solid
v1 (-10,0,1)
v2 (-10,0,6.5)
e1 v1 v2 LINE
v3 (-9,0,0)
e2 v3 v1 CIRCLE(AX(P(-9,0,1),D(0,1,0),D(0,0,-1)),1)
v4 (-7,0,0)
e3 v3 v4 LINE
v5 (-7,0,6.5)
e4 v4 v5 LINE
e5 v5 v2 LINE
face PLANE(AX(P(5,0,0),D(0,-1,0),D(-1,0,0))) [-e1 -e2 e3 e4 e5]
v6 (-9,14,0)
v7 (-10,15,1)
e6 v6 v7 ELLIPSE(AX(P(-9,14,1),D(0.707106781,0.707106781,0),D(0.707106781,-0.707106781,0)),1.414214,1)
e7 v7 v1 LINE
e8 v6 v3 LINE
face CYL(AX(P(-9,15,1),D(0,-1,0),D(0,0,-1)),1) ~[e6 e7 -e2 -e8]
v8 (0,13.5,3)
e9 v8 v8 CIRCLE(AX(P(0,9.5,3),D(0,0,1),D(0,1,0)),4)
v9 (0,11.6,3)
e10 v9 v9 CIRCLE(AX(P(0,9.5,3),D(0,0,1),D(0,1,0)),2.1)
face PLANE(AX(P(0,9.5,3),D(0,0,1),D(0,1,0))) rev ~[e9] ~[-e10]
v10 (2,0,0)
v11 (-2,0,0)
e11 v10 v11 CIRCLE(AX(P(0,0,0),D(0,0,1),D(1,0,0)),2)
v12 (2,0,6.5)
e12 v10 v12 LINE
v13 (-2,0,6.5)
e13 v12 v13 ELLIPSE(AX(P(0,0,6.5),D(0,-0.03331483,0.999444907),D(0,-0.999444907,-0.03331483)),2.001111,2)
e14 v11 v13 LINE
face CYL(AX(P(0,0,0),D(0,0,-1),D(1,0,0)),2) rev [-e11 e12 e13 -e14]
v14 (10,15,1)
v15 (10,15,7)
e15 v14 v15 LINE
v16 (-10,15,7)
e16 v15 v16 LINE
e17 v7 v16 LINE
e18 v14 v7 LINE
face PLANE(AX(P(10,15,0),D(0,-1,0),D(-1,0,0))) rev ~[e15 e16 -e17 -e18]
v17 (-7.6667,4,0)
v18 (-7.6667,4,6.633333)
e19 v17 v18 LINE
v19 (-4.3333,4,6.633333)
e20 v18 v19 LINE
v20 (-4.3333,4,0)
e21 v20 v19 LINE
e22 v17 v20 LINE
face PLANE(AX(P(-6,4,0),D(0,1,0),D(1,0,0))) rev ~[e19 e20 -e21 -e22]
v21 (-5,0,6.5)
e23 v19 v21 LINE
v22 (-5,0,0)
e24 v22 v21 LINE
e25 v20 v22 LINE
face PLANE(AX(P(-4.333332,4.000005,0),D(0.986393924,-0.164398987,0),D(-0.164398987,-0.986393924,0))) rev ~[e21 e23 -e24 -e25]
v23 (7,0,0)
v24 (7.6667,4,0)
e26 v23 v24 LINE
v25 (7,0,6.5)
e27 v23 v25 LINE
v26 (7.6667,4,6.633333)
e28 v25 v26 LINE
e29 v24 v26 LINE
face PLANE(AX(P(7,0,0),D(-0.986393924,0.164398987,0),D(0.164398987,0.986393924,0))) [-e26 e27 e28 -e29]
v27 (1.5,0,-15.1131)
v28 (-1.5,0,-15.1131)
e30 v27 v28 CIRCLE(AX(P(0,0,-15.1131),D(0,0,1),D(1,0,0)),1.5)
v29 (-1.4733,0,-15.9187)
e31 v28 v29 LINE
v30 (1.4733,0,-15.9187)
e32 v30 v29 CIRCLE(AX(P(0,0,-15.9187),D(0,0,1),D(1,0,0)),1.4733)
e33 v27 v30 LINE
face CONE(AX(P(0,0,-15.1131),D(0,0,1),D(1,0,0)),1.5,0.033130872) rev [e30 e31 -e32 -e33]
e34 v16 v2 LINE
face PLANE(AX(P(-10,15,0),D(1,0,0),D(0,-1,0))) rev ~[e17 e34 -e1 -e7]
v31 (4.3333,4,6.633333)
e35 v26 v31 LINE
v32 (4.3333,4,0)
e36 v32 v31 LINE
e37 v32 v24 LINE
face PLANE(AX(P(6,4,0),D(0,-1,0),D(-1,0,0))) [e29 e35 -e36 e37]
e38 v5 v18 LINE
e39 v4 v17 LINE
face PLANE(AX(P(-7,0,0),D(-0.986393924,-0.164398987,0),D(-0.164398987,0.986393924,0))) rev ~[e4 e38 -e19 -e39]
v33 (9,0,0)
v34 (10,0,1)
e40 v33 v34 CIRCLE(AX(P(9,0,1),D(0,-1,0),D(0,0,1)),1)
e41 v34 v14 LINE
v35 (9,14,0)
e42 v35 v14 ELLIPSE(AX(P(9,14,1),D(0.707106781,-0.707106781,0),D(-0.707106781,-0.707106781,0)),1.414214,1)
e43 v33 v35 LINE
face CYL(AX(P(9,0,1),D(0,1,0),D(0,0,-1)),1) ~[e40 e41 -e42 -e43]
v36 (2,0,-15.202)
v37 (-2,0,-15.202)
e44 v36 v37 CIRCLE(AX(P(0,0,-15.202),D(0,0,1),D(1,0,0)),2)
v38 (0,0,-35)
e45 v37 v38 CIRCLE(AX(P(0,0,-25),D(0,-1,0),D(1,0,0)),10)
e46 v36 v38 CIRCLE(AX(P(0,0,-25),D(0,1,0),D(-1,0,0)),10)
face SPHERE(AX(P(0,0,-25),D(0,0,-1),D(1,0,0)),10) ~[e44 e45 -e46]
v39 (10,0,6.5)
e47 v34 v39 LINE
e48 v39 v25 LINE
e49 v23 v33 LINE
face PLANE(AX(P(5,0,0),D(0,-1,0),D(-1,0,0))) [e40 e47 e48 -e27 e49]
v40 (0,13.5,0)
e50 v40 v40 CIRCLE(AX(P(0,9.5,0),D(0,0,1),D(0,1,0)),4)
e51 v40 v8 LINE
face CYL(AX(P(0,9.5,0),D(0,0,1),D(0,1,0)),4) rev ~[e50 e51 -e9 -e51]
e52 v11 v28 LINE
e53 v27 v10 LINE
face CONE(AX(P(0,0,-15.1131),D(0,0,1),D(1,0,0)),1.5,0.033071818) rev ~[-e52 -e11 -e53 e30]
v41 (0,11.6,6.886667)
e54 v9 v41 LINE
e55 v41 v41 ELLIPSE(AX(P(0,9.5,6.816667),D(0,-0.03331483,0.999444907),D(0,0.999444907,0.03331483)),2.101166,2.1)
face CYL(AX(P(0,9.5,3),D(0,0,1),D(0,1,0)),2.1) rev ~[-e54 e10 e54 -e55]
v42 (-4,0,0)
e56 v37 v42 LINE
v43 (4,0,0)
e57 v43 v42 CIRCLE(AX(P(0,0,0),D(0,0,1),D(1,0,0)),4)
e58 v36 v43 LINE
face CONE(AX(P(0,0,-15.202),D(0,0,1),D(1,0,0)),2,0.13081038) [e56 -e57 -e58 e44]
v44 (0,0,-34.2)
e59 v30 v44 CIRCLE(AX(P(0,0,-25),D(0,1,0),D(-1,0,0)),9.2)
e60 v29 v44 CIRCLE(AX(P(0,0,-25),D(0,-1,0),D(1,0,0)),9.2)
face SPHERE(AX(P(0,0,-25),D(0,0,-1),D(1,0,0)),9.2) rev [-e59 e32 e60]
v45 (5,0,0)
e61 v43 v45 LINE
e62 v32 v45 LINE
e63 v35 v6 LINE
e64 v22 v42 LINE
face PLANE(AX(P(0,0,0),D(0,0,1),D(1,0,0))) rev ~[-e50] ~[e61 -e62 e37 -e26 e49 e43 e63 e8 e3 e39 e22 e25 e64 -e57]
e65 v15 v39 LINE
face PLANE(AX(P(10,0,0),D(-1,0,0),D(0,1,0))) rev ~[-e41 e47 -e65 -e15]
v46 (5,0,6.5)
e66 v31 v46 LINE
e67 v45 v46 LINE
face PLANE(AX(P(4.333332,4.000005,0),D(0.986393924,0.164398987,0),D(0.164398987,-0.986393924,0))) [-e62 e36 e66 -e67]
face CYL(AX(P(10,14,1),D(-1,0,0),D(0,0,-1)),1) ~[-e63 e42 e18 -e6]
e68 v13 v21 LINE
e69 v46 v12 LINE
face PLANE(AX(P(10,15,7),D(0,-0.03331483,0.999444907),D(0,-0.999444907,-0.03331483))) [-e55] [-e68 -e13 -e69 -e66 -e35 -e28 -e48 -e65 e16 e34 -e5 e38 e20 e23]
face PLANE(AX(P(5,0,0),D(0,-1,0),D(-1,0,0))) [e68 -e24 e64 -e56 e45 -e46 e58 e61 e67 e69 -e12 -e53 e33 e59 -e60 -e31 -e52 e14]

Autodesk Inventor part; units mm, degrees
ref_plane "YZ Plane" through (0, 0, 0) normal (1, 0, 0) x (0, 1, 0)
ref_plane "XZ Plane" through (0, 0, 0) normal (0, 1, 0) x (-1, 0, 0)
ref_plane "XY Plane" through (0, 0, 0) normal (0, 0, 1) x (1, 0, 0)
sketch "Sketch1" plane through (0, 0, 0) normal (0, 1, 0) x (-1, 0, 0)
  line L0 (0, 0) -> (-2, 0)
  line L1 (-2, 0) -> (-4, 0)
  line L2 (0, 0) -> (0, -15)
  line L3 (0, -15) -> (0, -25)
  circle A0 centre (0, -25) radius 10
  line L4 (-1.5, -15.1131) -> (0, -15.1131)
  line L5 (0, -15.1131) -> (0, -15)
  line L6 (-1.5, -15) -> (-1.5, -15.1131)
  line L7 (-1.5, -15.1131) -> (-2, 0)
  line L8 (0, -15) -> (-1.5, -15)
  line L9 (-1.5, -15) -> (-2, -15)
  line L10 (-2, -15) -> (-2, -15.202)
  line L11 (-2, -15.202) -> (-4, 0)
  line L12 (0, -25) -> (0, -35)
  circle A1 centre (0, -25) radius 9.2
  line L13 (-1.5, -15.1131) -> (-1.4733, -15.9187)
  point P0 (0, -34.2)
  dimension "d7" = 18.4
  dimension "d2" = 15
  dimension "d4" = 10
  dimension "d6" = 0.5
  dimension "d10" = 1.5
  dimension "d11" = 2
  dimension "d12" = 2
revolve "Revolution1" add sketch "Sketch1" angle 180 about axis through (0, 0, 0) along (0, 0, 1) contours L7 L9 L10 L11 L1 | L7 A0 L10 L9 | L13 A1 L12 A0
sketch "Sketch2" plane through (0, 0, 0) normal (0, 0, 1) x (1, 0, 0)
  line L0 (5, 0) -> (-5, 0)
  line L1 (-14, 0) -> (14, 0) projected
  arc A0 (2, 0) -> (-2, 0) centre (0, 0) ccw projected
  line L2 (0, 0) -> (0, 16) construction
  line L3 (-10, 0) -> (10, 0)
  line L4 (10, 0) -> (10, 15)
  line L5 (10, 15) -> (-10, 15)
  line L6 (-10, 15) -> (-10, 0)
  point P0 (0, 0)
  point P1 (0, 0)
  point P2 (-10, 0)
  point P3 (10, 0)
  dimension "d29" = 20
  dimension "d33" = 15
  dimension "d34" = 15
extrude "Base" add sketch "Sketch2" along normal blind 7 contours L0 A0 L1 L6 L5 L4
sketch "Sketch3" plane through (0, 0, 0) normal (0, 0, -1) x (-1, 0, 0)
  line L0 (0, -3) -> (0, 18) projected
  line L1 (-10, 15) -> (10, 15) projected
  point P0 (0, 0)
  point P1 (0, 9.5)
  dimension "d30" = 5.5
hole "Screw Hole" at (0, 9.5, 0) direction (0, 0, 1) diameter 4.2 end through all counterbore diameter 8 counterbore depth 3
sketch "Sketch4" plane through (0, 0, 0) normal (0, 0, -1) x (-1, 0, 0)
  line L0 (-2, 0) -> (-10, 0) projected
  line L1 (0, 0) -> (0, -2) construction
  line L2 (6, 0) -> (6, 6)
  line L3 (6, 6) -> (8, 6)
  line L4 (6, 6) -> (4, 6)
  line L5 (4, 6) -> (5, 0)
  line L6 (7, 0) -> (8, 6)
  line L7 (7, 0) -> (5, 0)
  line L8 (10, 0) -> (2, 0) projected
  line L9 (6, 0) -> (6, 4)
  line L10 (7.6667, 4) -> (4.3333, 4)
  line L11 (0, 0) -> (0, 18)
  line L12 (10, 0) -> (4, 0) projected
  line L13 (-6, 0) -> (-6, 6)
  line L14 (-6, 6) -> (-8, 6)
  line L15 (-6, 6) -> (-4, 6)
  line L16 (-4, 6) -> (-5, 0)
  line L17 (-7, 0) -> (-8, 6)
  line L18 (-7, 0) -> (-5, 0)
  line L19 (-6, 0) -> (-6, 4)
  line L20 (-7.6667, 4) -> (-4.3333, 4)
  point P0 (5, 0)
  point P1 (-5, 0)
  point P2 (-5, 0)
extrude "Keyway" cut sketch "Sketch4" against normal through all contours L0 L13 L20 L16 | L0 L17 L20 L13 | L7 L5 L10 L2 | L2 L10 L6 L7
sketch "Sketch5" plane through (10, 0, 0) normal (1, 0, 0) x (0, 0, -1)
  line L0 (0, 15) -> (-7, 15) projected
  line L1 (0, 15) -> (-7, 15) projected
  line L2 (0, 0) -> (-7, 0) projected
  line L3 (-7, 15) -> (-7, 0) projected
  line L4 (-7, 15) -> (-7, 0)
  line L5 (-7, 0) -> (-6.5, 0)
  line L6 (-7, 15) -> (-6.5, 0)
  dimension "d37" = 0.5
extrude "Taper" cut sketch "Sketch5" against normal through all
fillet "Fillet1" radius 1 3 edges at (-10, 7.5, 0) (0, 15, 0) (10, 7.5, 0)
equation "\"d34\" = d33"
properties part number "markerWithRodEnd_3DPrint"
